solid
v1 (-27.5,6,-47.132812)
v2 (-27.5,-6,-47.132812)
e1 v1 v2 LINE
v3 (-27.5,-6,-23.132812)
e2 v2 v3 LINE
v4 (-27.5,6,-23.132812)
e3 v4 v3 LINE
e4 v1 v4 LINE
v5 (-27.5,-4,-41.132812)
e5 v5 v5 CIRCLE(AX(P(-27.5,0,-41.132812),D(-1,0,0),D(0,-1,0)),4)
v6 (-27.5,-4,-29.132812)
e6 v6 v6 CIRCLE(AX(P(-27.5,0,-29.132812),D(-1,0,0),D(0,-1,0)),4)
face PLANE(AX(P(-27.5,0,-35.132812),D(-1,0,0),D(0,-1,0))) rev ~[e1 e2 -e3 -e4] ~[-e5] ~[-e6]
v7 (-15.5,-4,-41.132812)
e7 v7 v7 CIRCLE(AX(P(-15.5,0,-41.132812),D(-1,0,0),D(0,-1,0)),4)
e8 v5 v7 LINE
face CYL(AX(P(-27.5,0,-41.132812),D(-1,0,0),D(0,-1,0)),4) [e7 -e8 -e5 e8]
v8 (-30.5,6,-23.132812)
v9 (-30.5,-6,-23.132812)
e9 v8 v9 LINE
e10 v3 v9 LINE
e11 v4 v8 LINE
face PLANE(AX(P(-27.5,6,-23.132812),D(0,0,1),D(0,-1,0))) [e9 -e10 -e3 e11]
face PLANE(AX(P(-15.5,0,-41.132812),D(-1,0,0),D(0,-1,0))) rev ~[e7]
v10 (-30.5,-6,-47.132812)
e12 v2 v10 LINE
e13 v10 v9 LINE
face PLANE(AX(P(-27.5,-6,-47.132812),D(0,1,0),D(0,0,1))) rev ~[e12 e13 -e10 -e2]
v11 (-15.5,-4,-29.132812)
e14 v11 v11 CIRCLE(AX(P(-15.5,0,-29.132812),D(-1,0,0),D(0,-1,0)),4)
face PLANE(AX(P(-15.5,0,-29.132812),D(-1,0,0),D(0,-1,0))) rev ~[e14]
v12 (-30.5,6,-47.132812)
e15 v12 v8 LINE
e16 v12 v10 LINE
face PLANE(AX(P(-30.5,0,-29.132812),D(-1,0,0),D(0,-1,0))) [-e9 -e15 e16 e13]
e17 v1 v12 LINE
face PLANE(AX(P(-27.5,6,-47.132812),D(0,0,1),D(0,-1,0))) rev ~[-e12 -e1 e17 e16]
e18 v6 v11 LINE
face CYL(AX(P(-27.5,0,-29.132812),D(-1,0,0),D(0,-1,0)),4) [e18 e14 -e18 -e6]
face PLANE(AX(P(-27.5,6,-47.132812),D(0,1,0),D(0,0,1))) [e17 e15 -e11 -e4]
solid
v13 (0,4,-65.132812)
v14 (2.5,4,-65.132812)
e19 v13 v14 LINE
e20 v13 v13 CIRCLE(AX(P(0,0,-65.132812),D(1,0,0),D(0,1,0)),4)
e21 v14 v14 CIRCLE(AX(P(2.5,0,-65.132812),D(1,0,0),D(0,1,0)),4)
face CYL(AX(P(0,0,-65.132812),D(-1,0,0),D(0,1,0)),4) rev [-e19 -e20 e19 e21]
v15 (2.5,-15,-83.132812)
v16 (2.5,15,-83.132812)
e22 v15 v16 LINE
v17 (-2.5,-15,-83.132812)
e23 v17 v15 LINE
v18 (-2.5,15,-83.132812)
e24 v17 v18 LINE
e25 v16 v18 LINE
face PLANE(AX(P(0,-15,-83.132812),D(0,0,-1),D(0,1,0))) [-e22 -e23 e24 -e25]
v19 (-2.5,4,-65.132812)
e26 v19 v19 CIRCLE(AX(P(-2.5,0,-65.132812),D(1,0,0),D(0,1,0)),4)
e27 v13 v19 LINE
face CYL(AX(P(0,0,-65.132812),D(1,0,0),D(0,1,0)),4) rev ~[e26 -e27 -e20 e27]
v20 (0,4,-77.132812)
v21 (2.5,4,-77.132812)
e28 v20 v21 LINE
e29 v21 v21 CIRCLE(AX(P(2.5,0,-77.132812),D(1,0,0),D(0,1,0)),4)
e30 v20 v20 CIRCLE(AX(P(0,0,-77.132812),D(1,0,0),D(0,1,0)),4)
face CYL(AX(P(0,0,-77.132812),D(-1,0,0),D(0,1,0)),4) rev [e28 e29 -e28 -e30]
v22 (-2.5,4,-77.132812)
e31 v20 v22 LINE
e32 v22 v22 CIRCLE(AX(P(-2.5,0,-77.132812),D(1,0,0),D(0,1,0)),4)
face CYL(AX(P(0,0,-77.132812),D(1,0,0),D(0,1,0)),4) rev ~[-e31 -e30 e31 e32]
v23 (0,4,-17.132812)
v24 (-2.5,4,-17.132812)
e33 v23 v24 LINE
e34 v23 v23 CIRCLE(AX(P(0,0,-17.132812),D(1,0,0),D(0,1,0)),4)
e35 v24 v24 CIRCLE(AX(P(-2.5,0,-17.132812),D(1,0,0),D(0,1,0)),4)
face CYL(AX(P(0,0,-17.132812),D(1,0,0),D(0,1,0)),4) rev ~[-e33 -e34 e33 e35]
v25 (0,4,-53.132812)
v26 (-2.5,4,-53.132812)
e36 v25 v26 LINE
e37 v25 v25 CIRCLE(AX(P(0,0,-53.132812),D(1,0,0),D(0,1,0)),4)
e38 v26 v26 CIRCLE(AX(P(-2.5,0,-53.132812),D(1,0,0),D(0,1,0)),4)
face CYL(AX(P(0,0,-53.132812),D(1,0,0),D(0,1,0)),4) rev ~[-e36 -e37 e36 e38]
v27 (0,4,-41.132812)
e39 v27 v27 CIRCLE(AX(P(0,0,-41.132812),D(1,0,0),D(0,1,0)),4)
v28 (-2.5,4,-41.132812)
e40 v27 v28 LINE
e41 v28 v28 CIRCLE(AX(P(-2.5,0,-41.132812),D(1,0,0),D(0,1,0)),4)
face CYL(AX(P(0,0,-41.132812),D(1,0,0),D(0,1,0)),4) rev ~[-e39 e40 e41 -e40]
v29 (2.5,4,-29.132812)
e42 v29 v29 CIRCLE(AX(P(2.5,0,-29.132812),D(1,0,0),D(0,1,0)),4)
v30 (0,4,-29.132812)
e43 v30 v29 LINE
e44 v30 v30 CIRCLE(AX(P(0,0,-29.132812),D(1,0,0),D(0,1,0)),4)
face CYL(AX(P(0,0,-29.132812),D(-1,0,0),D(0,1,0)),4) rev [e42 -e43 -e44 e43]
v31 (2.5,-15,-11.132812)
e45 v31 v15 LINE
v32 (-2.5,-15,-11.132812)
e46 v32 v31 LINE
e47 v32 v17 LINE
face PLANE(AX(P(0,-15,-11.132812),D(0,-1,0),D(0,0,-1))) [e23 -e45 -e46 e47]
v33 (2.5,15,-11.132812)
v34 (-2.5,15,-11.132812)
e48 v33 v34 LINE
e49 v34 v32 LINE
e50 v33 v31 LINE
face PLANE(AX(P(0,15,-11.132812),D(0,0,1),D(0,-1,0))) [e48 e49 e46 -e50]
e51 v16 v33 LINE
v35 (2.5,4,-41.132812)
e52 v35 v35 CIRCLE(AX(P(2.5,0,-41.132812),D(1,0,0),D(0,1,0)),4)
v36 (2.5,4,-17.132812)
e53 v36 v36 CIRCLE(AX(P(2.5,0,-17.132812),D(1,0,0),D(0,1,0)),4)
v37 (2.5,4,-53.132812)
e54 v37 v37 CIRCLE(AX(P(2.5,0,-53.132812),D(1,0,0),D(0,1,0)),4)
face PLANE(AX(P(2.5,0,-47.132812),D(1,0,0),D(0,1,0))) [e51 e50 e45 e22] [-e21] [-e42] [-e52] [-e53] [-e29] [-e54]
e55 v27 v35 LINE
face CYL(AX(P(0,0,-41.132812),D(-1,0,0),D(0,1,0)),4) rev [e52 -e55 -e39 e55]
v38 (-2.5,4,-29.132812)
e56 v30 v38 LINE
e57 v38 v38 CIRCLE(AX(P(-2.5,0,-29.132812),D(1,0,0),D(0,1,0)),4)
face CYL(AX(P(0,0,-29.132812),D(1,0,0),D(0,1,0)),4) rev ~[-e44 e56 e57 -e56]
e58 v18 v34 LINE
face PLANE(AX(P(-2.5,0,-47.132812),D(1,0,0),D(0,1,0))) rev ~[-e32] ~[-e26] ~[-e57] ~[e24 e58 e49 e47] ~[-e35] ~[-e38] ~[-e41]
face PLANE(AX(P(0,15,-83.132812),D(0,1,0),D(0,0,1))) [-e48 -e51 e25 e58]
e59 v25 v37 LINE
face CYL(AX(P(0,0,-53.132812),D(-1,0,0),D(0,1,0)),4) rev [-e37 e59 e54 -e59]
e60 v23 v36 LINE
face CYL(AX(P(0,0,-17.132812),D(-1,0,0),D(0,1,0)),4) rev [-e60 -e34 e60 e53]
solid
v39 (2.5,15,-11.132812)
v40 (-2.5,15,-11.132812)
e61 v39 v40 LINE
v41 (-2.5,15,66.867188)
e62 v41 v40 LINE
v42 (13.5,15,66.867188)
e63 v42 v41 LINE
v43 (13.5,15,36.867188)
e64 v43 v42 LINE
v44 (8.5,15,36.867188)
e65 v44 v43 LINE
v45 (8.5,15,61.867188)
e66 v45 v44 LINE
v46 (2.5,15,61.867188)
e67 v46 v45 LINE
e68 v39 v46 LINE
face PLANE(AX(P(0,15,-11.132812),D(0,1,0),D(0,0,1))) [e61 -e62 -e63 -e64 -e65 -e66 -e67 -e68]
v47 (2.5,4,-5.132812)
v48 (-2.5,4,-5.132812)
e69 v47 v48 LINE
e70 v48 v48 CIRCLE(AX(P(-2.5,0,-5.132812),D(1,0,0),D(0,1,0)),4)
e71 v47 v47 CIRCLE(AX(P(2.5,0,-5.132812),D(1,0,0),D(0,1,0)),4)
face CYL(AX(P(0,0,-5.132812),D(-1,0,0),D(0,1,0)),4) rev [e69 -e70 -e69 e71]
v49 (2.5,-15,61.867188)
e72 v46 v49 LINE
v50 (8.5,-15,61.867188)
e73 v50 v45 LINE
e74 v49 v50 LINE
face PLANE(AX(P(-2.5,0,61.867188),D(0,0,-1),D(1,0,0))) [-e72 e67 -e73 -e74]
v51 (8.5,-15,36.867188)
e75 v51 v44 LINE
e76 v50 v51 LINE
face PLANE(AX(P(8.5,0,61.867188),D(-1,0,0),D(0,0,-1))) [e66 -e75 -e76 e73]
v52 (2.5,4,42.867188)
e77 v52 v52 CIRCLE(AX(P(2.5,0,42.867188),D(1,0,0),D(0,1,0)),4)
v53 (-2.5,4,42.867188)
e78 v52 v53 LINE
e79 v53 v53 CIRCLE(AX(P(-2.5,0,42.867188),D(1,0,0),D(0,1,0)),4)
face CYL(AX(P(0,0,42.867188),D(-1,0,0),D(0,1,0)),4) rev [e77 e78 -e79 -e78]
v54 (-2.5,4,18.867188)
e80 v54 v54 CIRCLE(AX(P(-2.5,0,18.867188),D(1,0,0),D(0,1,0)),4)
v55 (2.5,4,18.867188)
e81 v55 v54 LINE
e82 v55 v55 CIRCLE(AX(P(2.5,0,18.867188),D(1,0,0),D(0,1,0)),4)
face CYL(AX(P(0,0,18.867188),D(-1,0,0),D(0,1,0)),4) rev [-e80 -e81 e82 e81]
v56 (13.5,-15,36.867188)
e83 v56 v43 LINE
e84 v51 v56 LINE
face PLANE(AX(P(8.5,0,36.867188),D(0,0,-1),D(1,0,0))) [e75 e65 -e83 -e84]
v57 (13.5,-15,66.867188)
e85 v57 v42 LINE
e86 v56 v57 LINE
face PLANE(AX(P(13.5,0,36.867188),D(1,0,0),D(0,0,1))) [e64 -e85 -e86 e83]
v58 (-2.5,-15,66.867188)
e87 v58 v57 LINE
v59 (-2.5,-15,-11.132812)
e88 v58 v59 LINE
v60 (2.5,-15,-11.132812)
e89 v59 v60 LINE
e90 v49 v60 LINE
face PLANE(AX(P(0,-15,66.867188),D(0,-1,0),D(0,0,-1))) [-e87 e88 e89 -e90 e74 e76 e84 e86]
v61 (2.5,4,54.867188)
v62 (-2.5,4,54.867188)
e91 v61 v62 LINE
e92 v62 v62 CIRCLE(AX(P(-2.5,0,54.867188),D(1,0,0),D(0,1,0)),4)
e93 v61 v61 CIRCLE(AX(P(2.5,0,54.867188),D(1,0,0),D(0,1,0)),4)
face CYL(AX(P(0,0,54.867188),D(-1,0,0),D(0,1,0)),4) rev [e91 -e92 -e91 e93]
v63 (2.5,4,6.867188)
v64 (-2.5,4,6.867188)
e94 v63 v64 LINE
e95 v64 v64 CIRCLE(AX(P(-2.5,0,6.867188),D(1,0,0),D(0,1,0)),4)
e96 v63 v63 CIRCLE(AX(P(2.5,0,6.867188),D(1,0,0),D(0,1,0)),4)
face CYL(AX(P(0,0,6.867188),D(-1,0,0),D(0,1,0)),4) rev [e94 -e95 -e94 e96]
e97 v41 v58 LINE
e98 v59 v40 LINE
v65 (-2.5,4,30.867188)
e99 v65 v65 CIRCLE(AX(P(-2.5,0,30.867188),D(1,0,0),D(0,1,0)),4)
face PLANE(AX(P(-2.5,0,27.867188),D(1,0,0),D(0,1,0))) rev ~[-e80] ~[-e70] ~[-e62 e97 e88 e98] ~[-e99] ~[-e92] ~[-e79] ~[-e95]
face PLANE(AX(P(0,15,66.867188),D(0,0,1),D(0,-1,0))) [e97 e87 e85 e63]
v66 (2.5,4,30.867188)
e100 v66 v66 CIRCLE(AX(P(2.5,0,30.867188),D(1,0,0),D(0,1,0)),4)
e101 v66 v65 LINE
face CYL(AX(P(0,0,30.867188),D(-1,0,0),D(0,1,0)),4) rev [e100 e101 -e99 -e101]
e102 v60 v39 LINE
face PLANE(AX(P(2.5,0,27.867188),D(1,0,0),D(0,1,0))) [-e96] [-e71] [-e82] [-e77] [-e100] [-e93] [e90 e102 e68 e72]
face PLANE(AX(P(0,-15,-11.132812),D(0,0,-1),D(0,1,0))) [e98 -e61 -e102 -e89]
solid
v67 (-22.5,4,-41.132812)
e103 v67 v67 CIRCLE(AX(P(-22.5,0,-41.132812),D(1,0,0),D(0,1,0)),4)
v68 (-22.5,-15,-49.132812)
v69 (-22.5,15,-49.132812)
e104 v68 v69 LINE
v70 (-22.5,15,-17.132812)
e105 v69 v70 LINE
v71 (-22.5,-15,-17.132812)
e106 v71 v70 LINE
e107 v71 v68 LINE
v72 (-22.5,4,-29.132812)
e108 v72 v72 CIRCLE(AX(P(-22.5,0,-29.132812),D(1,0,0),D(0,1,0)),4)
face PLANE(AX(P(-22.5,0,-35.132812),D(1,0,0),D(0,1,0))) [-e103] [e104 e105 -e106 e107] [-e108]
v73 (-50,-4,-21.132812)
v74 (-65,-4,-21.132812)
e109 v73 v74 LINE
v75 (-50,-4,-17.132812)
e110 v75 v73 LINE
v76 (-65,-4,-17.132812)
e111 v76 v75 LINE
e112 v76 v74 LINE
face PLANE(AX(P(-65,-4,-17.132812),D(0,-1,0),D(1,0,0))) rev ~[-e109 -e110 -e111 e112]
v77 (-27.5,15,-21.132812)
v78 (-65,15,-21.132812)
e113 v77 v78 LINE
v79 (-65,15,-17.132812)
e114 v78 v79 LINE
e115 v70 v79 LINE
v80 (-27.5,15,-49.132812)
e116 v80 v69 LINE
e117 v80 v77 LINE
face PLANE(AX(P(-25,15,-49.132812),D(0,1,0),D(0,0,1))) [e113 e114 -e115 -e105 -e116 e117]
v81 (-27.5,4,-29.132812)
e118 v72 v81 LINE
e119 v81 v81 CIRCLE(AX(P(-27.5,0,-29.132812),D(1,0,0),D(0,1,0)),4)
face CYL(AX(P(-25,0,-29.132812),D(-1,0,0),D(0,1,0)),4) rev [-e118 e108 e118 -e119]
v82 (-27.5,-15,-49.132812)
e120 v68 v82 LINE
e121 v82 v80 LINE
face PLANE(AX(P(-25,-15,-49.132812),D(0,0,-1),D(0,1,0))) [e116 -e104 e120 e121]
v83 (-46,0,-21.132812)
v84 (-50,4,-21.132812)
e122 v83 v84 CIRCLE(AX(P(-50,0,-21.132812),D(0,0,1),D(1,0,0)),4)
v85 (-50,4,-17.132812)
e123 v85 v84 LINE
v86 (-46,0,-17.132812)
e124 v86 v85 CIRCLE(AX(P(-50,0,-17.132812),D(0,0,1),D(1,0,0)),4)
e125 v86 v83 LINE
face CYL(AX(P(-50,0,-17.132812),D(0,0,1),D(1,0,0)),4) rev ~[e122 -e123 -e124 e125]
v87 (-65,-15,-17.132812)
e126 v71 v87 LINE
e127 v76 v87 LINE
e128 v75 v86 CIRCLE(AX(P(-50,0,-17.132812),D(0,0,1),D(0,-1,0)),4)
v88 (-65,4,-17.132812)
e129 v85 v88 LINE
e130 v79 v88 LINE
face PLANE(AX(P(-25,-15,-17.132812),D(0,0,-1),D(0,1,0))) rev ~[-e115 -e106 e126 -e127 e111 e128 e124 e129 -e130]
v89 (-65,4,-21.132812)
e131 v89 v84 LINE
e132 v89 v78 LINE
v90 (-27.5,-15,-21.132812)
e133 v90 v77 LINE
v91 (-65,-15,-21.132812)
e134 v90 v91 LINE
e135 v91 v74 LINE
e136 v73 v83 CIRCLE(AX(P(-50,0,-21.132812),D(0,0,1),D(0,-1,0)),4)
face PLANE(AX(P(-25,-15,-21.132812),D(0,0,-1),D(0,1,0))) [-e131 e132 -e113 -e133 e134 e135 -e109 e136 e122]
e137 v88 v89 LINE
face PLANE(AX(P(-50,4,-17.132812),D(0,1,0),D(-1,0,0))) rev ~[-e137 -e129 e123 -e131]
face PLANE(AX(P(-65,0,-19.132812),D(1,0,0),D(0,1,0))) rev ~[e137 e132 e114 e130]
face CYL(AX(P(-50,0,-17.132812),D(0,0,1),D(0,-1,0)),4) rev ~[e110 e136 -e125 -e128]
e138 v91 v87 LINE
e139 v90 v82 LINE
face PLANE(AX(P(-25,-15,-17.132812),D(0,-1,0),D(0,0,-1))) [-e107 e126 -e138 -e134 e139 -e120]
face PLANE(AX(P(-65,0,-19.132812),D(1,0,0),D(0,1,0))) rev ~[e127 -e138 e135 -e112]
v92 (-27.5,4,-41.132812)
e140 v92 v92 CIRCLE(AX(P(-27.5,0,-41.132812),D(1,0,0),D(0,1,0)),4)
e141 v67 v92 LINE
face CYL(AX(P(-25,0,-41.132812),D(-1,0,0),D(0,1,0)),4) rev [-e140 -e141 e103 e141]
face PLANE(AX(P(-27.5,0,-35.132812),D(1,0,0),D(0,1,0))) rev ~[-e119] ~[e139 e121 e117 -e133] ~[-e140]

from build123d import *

# Parameters (mm, degrees)
F0_R           = 4
F1_DEPTH       = 2.5
F1_DEPTH_BACK  = 2.5
F2_DEPTH       = 2.5
F2_DEPTH_BACK  = 2.5
F4_DEPTH       = 15
F4_DEPTH_BACK  = 15
F6_W           = 30
F6_H           = 28
F6_R           = 4
F6_H_2         = 4
F7_DEPTH       = 2.5
F7_DEPTH_BACK  = 2.5
F8_DEPTH       = 40
F10_DEPTH      = 5
F10_DEPTH_BACK = 5
F11_W          = 12
F11_H          = 24
F12_DEPTH      = 3
F11_R          = 4
F13_DEPTH      = 12
F13_DEPTH_BACK = 3
F14_DEPTH      = 5


with BuildPart() as f1:
    # F0 (on Right) → F1 (new body, two sides)
    with BuildSketch(Plane.YZ) as f1_sk:
        Polygon((15, 66.8671875), (-15, 66.8671875), (-15, -11.1328125), (15, -11.1328125), align=None)
        with Locations((0, -5.1328125)):
            Circle(F0_R, mode=Mode.SUBTRACT)
        with Locations((0, 6.8671875)):
            Circle(F0_R, mode=Mode.SUBTRACT)
        with Locations((0, 18.8671875)):
            Circle(F0_R, mode=Mode.SUBTRACT)
        with Locations((0, 30.8671875)):
            Circle(F0_R, mode=Mode.SUBTRACT)
        with Locations((0, 42.8671875)):
            Circle(F0_R, mode=Mode.SUBTRACT)
        with Locations((0, 54.8671875)):
            Circle(F0_R, mode=Mode.SUBTRACT)
    extrude(amount=F1_DEPTH)
    extrude(f1_sk.sketch, amount=-F1_DEPTH_BACK)

    # F3 (on Front) → F4 (join, two sides)
    with BuildSketch(Plane.XZ) as f4_sk:
        Polygon((2.5, 66.8671875), (-2.5, 66.8671875), (-2.5, 61.8671875), (8.5, 61.8671875), (8.5, 36.8671875), (13.5, 36.8671875), (13.5, 61.8671875), (13.5, 66.8671875), (8.5, 66.8671875), align=None)
    extrude(amount=F4_DEPTH)
    extrude(f4_sk.sketch, amount=-F4_DEPTH_BACK)

    # F9 (on face) → F14 (cut)
    with BuildSketch(Plane.XY.offset(-17.1328125)):
        with BuildLine():
            ThreePointArc((-50, -4), (-47.1715728753, -2.8284271247), (-46, 0))
            ThreePointArc((-46, 0), (-47.1715728753, 2.8284271247), (-50, 4))
            ThreePointArc((-50, 4), (-54, 0), (-50, -4))
        make_face()
        with BuildLine():
            ThreePointArc((-50, -4), (-54, 0), (-50, 4))
            Line((-50, 4), (-65, 4))
            Line((-65, 4), (-65, -4))
            Line((-65, -4), (-50, -4))
        make_face()
    extrude(amount=-F14_DEPTH, mode=Mode.SUBTRACT)


with BuildPart() as f2:
    # F0 (on Right) → F2 (new body, two sides)
    with BuildSketch(Plane.YZ) as f2_sk:
        Polygon((15, -11.1328125), (-15, -11.1328125), (-15, -83.1328125), (15, -83.1328125), align=None)
        with Locations((0, -77.1328125)):
            Circle(F0_R, mode=Mode.SUBTRACT)
        with Locations((0, -65.1328125)):
            Circle(F0_R, mode=Mode.SUBTRACT)
        with Locations((0, -53.1328125)):
            Circle(F0_R, mode=Mode.SUBTRACT)
        with Locations((0, -41.1328125)):
            Circle(F0_R, mode=Mode.SUBTRACT)
        with Locations((0, -29.1328125)):
            Circle(F0_R, mode=Mode.SUBTRACT)
        with Locations((0, -17.1328125)):
            Circle(F0_R, mode=Mode.SUBTRACT)
    extrude(amount=F2_DEPTH)
    extrude(f2_sk.sketch, amount=-F2_DEPTH_BACK)


with BuildPart() as f7:
    # F6 (on offset) → F7 (new body, two sides)
    with BuildSketch(Plane.YZ.offset(-25)) as f7_sk:
        with Locations((0, -35.1328125)):
            Rectangle(F6_W, F6_H)
        with Locations((0, -41.1328125)):
            Circle(F6_R, mode=Mode.SUBTRACT)
        with Locations((0, -29.1328125)):
            Circle(F6_R, mode=Mode.SUBTRACT)
        with Locations((0, -19.1328125)):
            Rectangle(F6_W, F6_H_2)
    extrude(amount=F7_DEPTH)
    extrude(f7_sk.sketch, amount=-F7_DEPTH_BACK)

    # F6 (on offset) → F8 (join)
    with BuildSketch(Plane.YZ.offset(-25)):
        with Locations((0, -19.1328125)):
            Rectangle(F6_W, F6_H_2)
    extrude(amount=-F8_DEPTH)

    # F9 (on face) → F10 (cut, two sides)
    with BuildSketch(Plane.XY.offset(-17.1328125)) as f10_sk:
        with BuildLine():
            ThreePointArc((-50, -4), (-47.1715728753, -2.8284271247), (-46, 0))
            ThreePointArc((-46, 0), (-47.1715728753, 2.8284271247), (-50, 4))
            ThreePointArc((-50, 4), (-54, 0), (-50, -4))
        make_face()
        with BuildLine():
            ThreePointArc((-50, -4), (-54, 0), (-50, 4))
            Line((-50, 4), (-65, 4))
            Line((-65, 4), (-65, -4))
            Line((-65, -4), (-50, -4))
        make_face()
    extrude(amount=F10_DEPTH, mode=Mode.SUBTRACT)
    extrude(f10_sk.sketch, amount=-F10_DEPTH_BACK, mode=Mode.SUBTRACT)


with BuildPart() as f12:
    # F11 (on face) → F12 (new body)
    with BuildSketch(Plane(origin=(-27.5, 0, 0), x_dir=(0, -1, 0), z_dir=(-1, 0, 0))):
        with Locations((0, -35.1328125)):
            Rectangle(F11_W, F11_H)
    extrude(amount=F12_DEPTH)

    # F11 (on face) → F13 (join, two sides)
    with BuildSketch(Plane(origin=(-27.5, 0, 0), x_dir=(0, -1, 0), z_dir=(-1, 0, 0))) as f13_sk:
        with Locations((0, -29.1328125)):
            Circle(F11_R)
        with Locations((0, -41.1328125)):
            Circle(F11_R)
    extrude(amount=-F13_DEPTH)
    extrude(f13_sk.sketch, amount=F13_DEPTH_BACK)


solid = Compound([f1.part, f2.part, f7.part, f12.part])
